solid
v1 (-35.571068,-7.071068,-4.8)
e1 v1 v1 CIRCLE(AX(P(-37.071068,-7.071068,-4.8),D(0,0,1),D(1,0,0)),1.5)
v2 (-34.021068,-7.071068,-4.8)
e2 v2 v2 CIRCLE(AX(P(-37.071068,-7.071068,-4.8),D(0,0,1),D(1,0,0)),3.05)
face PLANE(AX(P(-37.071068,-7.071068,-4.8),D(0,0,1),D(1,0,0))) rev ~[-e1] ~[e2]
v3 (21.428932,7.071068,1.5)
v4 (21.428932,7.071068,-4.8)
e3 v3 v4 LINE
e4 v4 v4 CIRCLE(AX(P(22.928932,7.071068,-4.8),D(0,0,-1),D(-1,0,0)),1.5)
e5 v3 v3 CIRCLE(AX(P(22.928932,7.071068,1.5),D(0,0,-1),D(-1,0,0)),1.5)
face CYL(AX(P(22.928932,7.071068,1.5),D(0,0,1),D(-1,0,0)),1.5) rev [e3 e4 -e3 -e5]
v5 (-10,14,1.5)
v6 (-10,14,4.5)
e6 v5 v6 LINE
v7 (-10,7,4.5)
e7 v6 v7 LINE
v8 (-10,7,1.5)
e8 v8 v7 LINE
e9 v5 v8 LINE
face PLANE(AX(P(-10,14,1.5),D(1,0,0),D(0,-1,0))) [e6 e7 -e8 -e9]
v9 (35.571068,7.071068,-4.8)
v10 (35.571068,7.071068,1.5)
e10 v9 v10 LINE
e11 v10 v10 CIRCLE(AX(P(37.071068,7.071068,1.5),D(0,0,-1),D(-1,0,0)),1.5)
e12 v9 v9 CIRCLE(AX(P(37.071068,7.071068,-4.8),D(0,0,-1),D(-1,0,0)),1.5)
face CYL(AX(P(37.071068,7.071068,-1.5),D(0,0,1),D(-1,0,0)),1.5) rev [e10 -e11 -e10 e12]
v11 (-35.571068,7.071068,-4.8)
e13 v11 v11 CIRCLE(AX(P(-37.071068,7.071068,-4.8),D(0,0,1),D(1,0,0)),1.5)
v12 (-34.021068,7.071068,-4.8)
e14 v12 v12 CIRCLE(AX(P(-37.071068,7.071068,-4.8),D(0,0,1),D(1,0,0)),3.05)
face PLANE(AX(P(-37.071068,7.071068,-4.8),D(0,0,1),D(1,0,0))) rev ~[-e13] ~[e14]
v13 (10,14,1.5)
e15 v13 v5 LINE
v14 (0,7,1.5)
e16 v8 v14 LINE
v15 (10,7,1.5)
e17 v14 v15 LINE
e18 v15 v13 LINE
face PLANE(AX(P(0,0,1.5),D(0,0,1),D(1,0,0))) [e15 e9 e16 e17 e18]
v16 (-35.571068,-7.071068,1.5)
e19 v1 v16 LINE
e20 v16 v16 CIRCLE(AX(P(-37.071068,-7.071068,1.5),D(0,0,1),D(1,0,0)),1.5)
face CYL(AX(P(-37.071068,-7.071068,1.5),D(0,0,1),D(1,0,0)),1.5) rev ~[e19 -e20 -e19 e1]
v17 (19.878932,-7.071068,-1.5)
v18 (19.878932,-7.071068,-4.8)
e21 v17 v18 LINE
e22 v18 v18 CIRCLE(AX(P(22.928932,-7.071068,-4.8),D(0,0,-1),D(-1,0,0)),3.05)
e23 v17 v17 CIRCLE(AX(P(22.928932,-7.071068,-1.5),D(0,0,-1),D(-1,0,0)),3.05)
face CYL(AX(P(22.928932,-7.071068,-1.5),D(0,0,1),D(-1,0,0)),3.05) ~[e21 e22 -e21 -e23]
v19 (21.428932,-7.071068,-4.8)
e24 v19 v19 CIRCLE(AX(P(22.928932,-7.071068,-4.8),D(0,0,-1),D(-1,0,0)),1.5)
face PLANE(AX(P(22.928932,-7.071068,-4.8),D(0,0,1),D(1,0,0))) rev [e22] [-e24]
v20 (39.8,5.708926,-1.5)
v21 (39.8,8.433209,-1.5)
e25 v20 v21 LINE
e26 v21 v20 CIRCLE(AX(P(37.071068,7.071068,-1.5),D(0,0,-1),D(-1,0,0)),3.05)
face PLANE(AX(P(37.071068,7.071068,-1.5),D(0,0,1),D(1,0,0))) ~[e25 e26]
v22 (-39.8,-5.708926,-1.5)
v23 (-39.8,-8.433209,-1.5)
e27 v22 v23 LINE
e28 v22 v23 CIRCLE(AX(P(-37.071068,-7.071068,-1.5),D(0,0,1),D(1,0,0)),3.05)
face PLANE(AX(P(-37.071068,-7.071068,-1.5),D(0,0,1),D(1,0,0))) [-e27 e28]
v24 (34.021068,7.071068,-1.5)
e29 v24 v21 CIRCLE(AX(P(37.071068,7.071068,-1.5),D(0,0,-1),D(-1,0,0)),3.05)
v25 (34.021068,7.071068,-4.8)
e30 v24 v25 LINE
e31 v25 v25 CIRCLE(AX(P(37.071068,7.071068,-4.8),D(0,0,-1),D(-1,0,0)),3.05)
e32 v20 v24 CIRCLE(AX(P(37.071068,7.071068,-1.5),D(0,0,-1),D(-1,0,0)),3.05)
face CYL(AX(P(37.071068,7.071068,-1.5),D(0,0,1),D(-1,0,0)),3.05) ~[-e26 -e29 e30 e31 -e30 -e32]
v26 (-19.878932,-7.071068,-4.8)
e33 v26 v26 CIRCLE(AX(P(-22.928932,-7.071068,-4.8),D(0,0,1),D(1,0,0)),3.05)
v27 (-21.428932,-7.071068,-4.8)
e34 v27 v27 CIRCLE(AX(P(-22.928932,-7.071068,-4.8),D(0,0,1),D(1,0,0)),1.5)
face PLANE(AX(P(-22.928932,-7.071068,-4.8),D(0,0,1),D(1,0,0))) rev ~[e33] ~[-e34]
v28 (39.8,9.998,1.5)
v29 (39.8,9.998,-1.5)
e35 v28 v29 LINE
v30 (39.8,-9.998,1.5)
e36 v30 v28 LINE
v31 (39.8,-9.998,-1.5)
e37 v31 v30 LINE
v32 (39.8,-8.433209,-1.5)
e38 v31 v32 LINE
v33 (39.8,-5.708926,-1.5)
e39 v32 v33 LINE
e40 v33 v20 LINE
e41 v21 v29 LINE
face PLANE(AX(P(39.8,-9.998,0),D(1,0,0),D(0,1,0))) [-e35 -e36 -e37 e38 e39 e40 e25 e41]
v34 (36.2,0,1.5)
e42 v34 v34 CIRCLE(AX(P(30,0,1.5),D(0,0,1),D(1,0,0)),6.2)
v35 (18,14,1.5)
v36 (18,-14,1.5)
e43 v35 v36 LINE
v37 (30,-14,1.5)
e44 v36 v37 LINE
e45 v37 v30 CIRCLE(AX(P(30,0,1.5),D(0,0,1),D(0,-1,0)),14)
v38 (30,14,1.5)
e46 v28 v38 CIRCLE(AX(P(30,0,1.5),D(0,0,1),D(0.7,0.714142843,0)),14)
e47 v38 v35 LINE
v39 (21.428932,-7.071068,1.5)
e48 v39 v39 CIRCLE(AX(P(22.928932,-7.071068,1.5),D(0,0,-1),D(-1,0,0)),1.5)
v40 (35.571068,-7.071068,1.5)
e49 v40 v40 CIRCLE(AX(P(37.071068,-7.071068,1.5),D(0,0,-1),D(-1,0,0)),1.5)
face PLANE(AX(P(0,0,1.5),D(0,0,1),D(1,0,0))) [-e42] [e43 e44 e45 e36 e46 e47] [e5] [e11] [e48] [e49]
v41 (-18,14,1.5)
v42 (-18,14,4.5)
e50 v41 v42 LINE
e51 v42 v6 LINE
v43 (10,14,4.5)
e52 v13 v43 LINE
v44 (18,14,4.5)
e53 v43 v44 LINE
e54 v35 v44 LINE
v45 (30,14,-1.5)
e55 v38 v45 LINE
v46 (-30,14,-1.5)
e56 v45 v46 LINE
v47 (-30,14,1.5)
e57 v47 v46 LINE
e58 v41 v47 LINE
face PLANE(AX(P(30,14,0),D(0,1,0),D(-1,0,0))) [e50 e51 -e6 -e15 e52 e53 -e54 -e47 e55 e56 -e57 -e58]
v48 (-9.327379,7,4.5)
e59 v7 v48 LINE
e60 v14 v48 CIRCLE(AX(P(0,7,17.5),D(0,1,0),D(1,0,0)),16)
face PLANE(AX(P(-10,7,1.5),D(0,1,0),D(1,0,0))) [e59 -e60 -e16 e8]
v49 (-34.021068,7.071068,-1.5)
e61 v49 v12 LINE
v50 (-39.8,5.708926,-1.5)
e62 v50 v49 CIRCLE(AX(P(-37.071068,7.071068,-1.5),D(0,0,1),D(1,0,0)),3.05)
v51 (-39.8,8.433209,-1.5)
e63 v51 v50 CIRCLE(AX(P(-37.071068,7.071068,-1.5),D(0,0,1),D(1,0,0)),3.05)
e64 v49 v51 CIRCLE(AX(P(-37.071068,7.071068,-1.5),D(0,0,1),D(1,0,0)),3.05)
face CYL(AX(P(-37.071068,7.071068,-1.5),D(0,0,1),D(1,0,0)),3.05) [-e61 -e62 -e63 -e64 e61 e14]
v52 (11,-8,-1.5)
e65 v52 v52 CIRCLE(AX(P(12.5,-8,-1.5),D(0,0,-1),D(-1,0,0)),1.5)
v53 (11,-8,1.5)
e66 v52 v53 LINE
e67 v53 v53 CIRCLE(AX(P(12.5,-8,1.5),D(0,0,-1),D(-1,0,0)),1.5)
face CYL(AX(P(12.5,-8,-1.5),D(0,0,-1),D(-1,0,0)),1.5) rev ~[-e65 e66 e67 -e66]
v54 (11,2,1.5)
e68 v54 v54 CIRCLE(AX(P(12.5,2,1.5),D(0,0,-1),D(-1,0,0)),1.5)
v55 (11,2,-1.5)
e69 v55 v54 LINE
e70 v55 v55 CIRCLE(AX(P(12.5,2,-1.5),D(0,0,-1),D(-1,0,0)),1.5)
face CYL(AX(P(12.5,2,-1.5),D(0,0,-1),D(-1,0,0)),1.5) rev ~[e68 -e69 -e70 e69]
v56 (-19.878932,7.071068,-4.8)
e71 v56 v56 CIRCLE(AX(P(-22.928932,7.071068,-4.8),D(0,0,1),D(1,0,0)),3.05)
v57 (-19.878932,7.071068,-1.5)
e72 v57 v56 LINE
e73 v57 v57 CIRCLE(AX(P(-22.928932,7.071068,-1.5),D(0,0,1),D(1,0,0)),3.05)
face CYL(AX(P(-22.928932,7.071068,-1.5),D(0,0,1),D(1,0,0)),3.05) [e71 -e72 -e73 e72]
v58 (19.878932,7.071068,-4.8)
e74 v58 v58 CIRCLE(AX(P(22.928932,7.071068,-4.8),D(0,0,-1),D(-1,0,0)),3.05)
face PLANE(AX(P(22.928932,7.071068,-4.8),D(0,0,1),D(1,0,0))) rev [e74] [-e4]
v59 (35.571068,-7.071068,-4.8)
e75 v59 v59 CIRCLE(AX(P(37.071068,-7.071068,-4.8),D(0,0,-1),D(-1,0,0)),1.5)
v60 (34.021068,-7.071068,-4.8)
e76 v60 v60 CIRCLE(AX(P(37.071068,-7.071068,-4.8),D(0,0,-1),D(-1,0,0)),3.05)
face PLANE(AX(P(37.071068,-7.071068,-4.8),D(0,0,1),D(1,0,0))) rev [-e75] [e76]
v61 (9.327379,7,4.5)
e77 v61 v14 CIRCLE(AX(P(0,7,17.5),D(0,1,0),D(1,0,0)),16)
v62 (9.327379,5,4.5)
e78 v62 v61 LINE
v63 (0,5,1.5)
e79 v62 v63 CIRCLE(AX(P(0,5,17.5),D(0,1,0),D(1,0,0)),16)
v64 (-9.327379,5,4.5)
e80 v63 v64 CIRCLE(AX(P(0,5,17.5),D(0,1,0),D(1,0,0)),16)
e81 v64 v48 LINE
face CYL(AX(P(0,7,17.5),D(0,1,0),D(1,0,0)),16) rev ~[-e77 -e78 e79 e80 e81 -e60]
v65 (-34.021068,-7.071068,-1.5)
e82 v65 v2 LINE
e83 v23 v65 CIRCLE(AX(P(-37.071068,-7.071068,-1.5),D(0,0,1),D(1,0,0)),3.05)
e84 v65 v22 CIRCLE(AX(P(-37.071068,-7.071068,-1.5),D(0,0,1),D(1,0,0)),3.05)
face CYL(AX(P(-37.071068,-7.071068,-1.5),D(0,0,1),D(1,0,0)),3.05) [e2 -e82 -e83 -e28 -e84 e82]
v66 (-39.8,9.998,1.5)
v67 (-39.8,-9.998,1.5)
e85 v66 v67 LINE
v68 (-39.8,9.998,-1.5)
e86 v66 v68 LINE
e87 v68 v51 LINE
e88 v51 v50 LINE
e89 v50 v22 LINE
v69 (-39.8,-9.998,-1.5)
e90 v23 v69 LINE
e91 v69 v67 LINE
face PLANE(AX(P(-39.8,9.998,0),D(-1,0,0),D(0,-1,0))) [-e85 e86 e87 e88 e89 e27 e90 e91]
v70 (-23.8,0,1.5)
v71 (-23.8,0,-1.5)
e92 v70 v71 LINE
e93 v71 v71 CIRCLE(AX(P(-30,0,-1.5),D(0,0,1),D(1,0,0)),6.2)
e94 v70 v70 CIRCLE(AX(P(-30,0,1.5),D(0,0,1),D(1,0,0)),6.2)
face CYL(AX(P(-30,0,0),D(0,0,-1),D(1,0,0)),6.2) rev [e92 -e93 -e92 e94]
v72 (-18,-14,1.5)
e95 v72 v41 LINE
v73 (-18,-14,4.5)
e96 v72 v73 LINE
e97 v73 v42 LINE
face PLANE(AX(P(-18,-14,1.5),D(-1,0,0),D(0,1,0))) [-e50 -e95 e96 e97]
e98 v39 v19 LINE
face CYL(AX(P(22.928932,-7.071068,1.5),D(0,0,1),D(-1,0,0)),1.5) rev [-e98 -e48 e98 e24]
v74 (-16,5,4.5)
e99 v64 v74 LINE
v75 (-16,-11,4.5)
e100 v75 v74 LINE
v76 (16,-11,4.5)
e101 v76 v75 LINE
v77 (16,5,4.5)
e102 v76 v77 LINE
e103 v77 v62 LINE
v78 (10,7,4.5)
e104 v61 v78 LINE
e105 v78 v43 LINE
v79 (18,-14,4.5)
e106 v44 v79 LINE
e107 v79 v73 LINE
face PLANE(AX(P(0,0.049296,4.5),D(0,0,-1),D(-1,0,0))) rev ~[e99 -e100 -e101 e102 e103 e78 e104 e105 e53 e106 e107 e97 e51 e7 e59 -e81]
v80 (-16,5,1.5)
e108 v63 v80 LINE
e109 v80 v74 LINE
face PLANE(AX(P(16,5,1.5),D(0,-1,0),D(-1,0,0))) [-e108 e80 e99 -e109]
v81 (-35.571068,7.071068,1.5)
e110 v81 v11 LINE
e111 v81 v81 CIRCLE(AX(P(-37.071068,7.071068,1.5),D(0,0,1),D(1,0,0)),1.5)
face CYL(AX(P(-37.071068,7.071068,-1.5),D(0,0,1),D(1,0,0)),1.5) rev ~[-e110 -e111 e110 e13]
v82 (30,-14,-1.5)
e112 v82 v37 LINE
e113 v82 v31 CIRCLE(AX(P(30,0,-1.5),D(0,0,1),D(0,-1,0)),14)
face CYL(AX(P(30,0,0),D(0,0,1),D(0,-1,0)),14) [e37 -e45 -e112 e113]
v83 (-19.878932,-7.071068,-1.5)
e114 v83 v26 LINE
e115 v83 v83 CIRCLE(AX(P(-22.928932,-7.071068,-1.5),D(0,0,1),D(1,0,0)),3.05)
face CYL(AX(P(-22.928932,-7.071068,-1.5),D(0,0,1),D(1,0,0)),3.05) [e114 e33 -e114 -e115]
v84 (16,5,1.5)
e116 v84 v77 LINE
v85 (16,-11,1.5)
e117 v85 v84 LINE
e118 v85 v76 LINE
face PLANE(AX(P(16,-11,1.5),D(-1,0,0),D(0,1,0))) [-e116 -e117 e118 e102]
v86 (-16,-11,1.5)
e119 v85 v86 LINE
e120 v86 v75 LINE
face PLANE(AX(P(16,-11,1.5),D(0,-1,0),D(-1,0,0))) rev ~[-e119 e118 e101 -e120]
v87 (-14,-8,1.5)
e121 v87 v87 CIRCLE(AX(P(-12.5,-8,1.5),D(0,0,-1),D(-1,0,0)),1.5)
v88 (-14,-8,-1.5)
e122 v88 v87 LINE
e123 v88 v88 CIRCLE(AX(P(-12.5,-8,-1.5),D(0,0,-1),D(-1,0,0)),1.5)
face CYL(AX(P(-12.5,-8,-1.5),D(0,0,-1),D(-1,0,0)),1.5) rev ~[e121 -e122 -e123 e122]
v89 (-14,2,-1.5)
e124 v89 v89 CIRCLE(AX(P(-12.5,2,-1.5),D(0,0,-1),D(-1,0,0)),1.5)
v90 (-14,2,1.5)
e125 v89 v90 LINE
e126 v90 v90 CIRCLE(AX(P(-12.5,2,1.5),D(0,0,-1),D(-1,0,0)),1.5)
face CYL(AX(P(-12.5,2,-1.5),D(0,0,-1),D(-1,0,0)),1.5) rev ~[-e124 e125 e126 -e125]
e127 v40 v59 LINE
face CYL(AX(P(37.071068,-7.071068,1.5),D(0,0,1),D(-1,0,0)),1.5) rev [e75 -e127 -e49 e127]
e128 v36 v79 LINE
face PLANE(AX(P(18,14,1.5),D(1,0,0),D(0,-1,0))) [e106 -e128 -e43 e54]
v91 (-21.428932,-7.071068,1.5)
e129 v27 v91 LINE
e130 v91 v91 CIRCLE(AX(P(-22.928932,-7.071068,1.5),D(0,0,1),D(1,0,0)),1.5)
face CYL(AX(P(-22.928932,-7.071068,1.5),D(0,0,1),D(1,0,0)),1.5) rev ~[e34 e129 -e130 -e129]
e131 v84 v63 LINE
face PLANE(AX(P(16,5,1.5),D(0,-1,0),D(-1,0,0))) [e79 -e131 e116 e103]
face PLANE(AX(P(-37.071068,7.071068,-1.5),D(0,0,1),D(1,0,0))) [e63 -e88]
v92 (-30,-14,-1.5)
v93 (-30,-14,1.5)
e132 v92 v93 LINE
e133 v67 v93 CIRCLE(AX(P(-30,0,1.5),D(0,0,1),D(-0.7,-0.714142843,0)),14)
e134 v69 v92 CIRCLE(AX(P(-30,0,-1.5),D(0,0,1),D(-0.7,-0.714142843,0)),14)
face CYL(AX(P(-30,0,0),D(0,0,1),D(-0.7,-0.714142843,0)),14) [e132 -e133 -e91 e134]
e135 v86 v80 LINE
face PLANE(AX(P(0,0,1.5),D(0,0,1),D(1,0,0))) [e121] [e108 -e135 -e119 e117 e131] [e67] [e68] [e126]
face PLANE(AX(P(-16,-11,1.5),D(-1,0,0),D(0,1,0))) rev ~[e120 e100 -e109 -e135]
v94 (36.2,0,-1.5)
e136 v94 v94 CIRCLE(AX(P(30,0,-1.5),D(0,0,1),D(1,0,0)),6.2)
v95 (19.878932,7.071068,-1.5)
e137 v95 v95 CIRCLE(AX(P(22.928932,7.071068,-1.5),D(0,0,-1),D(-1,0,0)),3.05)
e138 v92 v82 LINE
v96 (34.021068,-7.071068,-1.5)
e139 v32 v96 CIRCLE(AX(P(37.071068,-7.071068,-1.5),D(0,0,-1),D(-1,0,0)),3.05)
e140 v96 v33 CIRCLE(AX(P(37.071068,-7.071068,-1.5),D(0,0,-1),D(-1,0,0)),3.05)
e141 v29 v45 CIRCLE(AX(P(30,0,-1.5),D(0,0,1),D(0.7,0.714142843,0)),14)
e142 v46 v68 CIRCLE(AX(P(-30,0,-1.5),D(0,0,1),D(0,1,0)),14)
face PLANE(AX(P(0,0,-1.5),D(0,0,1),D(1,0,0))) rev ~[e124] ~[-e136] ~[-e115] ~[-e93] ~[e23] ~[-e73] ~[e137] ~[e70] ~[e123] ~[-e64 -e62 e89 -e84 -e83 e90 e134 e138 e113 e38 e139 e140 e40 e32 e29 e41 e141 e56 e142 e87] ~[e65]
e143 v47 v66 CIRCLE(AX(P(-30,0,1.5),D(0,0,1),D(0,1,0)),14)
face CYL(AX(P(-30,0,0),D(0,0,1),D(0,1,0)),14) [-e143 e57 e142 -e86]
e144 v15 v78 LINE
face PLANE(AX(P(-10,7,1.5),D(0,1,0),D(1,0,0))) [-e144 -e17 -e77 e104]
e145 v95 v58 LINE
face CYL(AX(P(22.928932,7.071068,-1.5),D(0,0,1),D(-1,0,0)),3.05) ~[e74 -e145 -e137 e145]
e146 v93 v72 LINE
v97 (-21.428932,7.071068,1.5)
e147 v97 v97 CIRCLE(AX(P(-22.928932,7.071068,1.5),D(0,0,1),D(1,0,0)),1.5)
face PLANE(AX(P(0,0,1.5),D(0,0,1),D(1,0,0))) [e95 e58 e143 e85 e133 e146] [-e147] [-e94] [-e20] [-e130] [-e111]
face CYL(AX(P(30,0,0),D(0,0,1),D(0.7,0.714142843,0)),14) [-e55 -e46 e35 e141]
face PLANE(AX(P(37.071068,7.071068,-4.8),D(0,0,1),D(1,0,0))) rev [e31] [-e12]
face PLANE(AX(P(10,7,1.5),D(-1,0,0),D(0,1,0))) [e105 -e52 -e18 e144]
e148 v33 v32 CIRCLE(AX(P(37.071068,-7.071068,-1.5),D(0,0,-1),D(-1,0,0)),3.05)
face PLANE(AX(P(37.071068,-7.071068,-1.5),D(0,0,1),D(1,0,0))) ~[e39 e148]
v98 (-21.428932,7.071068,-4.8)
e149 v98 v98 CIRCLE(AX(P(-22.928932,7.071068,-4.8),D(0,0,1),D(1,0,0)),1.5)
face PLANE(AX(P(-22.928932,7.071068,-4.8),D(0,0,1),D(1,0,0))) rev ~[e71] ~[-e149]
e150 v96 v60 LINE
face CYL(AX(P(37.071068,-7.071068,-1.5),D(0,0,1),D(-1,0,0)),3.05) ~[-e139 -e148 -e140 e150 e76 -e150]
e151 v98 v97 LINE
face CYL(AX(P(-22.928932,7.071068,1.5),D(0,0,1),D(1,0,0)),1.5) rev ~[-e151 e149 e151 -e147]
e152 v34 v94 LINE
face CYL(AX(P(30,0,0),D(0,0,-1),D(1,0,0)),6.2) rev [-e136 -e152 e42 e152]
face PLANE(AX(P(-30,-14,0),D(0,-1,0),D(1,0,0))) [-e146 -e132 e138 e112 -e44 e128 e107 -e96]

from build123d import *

# Parameters (mm, degrees)
SKETCH1_R              = 6.2
MAIN_DEPTH             = 1.5
SKETCH2_W              = 32
SKETCH2_H              = 16
FRAMEWORK_DEPTH        = 3
SKETCH3_R              = 1.5
FIXHOLE_DEPTH          = 7
HOLEPATTERN_COUNT      = 2
HOLEPATTERN_PITCH      = 25
HOLEPATTERN_COUNT_DIR2 = 2
HOLEPATTERN_PITCH_DIR2 = 10
SKETCH4_R              = 3.05
SKETCH4_R_2            = 1.5
FORLMK6UU_DEPTH        = 3.3
SKETCH5_R              = 1.5
CUT_EXTRUDE1_DEPTH     = 7.3
SKETCH6_R              = 16
CUT_EXTRUDE2_DEPTH     = 2


with BuildPart() as part:
    # Sketch1 → Main (new body, symmetric)
    with BuildSketch(Plane.XY):
        with BuildLine():
            Line((-39.8, 9.9979998), (-39.8, -9.9979998))
            ThreePointArc((-39.8, -9.9979998), (-35.292825465, -12.96094127), (-30, -14))
            Line((-30, -14), (30, -14))
            ThreePointArc((30, -14), (35.292825465, -12.96094127), (39.8, -9.9979998))
            Line((39.8, -9.9979998), (39.8, 9.9979998))
            ThreePointArc((39.8, 9.9979998), (35.292825465, 12.96094127), (30, 14))
            Line((30, 14), (-30, 14))
            ThreePointArc((-30, 14), (-35.292825465, 12.96094127), (-39.8, 9.9979998))
        make_face()
        with Locations((-30, 0)):
            Circle(SKETCH1_R, mode=Mode.SUBTRACT)
        with Locations((30, 0)):
            Circle(SKETCH1_R, mode=Mode.SUBTRACT)
    extrude(amount=MAIN_DEPTH, both=True)

    # Sketch2 → Framework (add)
    with BuildSketch(Plane(origin=(0, 0, 1.5), x_dir=(-1, 0, 0), z_dir=(0, 0, -1))):
        Polygon((18, 14), (10, 14), (10, 7), (-10, 7), (-10, 14), (-18, 14), (-18, -14), (18, -14), align=None)
        with Locations((0, -3)):
            Rectangle(SKETCH2_W, SKETCH2_H, mode=Mode.SUBTRACT)
    extrude(amount=-FRAMEWORK_DEPTH)

    # Sketch3 → FixHole (cut, through all)
    with BuildSketch(Plane(origin=(0, 0, -1.5), x_dir=(-1, 0, 0), z_dir=(0, 0, -1))):
        with Locations((12.5, -8)):
            Circle(SKETCH3_R)
    fixhole = extrude(amount=-FIXHOLE_DEPTH, mode=Mode.SUBTRACT)

    # HolePattern: FixHole 2 × 2
    with Locations(*[(i * HOLEPATTERN_PITCH, j * HOLEPATTERN_PITCH_DIR2, 0) for i in range(HOLEPATTERN_COUNT) for j in range(HOLEPATTERN_COUNT_DIR2) if (i, j) != (0, 0)]):
        add(fixhole, mode=Mode.SUBTRACT)

    # Sketch4 → ForLMK6UU (add)
    with BuildSketch(Plane.XY.offset(-1.5)):
        with Locations((-37.071067812, 7.071067812)):
            Circle(SKETCH4_R)
        with Locations((-37.071067812, 7.071067812)):
            Circle(SKETCH4_R_2, mode=Mode.SUBTRACT)
        with Locations((-22.928932188, -7.071067812)):
            Circle(SKETCH4_R)
        with Locations((-22.928932188, -7.071067812)):
            Circle(SKETCH4_R_2, mode=Mode.SUBTRACT)
        with Locations((-22.928932188, 7.071067812)):
            Circle(SKETCH4_R)
        with Locations((-22.928932188, 7.071067812)):
            Circle(SKETCH4_R_2, mode=Mode.SUBTRACT)
        with Locations((-37.071067812, -7.071067812)):
            Circle(SKETCH4_R)
        with Locations((-37.071067812, -7.071067812)):
            Circle(SKETCH4_R_2, mode=Mode.SUBTRACT)
    forlmk6uu = extrude(amount=-FORLMK6UU_DEPTH)

    # Sketch5 → Cut-Extrude1 (cut, through all)
    with BuildSketch(Plane.XY.offset(1.5)):
        with Locations((-37.071067812, 7.071067812)):
            Circle(SKETCH5_R)
        with Locations((-22.928932188, 7.071067812)):
            Circle(SKETCH5_R)
        with Locations((-37.071067812, -7.071067812)):
            Circle(SKETCH5_R)
        with Locations((-22.928932188, -7.071067812)):
            Circle(SKETCH5_R)
    cut_extrude1 = extrude(amount=-CUT_EXTRUDE1_DEPTH, mode=Mode.SUBTRACT)

    # Mirror1: ForLMK6UU, Cut-Extrude1 across plane
    add(forlmk6uu.mirror(Plane(origin=(0, 0, 0), x_dir=(0, 0, 1), z_dir=(1, 0, 0))))
    add(cut_extrude1.mirror(Plane(origin=(0, 0, 0), x_dir=(0, 0, 1), z_dir=(1, 0, 0))), mode=Mode.SUBTRACT)

    # Sketch6 → Cut-Extrude2 (cut)
    with BuildSketch(Plane(origin=(0, 7, 0), x_dir=(1, 0, 0), z_dir=(0, 1, 0))):
        with Locations((0, -17.5)):
            Circle(SKETCH6_R)
    extrude(amount=-CUT_EXTRUDE2_DEPTH, mode=Mode.SUBTRACT)


solid = part.part
